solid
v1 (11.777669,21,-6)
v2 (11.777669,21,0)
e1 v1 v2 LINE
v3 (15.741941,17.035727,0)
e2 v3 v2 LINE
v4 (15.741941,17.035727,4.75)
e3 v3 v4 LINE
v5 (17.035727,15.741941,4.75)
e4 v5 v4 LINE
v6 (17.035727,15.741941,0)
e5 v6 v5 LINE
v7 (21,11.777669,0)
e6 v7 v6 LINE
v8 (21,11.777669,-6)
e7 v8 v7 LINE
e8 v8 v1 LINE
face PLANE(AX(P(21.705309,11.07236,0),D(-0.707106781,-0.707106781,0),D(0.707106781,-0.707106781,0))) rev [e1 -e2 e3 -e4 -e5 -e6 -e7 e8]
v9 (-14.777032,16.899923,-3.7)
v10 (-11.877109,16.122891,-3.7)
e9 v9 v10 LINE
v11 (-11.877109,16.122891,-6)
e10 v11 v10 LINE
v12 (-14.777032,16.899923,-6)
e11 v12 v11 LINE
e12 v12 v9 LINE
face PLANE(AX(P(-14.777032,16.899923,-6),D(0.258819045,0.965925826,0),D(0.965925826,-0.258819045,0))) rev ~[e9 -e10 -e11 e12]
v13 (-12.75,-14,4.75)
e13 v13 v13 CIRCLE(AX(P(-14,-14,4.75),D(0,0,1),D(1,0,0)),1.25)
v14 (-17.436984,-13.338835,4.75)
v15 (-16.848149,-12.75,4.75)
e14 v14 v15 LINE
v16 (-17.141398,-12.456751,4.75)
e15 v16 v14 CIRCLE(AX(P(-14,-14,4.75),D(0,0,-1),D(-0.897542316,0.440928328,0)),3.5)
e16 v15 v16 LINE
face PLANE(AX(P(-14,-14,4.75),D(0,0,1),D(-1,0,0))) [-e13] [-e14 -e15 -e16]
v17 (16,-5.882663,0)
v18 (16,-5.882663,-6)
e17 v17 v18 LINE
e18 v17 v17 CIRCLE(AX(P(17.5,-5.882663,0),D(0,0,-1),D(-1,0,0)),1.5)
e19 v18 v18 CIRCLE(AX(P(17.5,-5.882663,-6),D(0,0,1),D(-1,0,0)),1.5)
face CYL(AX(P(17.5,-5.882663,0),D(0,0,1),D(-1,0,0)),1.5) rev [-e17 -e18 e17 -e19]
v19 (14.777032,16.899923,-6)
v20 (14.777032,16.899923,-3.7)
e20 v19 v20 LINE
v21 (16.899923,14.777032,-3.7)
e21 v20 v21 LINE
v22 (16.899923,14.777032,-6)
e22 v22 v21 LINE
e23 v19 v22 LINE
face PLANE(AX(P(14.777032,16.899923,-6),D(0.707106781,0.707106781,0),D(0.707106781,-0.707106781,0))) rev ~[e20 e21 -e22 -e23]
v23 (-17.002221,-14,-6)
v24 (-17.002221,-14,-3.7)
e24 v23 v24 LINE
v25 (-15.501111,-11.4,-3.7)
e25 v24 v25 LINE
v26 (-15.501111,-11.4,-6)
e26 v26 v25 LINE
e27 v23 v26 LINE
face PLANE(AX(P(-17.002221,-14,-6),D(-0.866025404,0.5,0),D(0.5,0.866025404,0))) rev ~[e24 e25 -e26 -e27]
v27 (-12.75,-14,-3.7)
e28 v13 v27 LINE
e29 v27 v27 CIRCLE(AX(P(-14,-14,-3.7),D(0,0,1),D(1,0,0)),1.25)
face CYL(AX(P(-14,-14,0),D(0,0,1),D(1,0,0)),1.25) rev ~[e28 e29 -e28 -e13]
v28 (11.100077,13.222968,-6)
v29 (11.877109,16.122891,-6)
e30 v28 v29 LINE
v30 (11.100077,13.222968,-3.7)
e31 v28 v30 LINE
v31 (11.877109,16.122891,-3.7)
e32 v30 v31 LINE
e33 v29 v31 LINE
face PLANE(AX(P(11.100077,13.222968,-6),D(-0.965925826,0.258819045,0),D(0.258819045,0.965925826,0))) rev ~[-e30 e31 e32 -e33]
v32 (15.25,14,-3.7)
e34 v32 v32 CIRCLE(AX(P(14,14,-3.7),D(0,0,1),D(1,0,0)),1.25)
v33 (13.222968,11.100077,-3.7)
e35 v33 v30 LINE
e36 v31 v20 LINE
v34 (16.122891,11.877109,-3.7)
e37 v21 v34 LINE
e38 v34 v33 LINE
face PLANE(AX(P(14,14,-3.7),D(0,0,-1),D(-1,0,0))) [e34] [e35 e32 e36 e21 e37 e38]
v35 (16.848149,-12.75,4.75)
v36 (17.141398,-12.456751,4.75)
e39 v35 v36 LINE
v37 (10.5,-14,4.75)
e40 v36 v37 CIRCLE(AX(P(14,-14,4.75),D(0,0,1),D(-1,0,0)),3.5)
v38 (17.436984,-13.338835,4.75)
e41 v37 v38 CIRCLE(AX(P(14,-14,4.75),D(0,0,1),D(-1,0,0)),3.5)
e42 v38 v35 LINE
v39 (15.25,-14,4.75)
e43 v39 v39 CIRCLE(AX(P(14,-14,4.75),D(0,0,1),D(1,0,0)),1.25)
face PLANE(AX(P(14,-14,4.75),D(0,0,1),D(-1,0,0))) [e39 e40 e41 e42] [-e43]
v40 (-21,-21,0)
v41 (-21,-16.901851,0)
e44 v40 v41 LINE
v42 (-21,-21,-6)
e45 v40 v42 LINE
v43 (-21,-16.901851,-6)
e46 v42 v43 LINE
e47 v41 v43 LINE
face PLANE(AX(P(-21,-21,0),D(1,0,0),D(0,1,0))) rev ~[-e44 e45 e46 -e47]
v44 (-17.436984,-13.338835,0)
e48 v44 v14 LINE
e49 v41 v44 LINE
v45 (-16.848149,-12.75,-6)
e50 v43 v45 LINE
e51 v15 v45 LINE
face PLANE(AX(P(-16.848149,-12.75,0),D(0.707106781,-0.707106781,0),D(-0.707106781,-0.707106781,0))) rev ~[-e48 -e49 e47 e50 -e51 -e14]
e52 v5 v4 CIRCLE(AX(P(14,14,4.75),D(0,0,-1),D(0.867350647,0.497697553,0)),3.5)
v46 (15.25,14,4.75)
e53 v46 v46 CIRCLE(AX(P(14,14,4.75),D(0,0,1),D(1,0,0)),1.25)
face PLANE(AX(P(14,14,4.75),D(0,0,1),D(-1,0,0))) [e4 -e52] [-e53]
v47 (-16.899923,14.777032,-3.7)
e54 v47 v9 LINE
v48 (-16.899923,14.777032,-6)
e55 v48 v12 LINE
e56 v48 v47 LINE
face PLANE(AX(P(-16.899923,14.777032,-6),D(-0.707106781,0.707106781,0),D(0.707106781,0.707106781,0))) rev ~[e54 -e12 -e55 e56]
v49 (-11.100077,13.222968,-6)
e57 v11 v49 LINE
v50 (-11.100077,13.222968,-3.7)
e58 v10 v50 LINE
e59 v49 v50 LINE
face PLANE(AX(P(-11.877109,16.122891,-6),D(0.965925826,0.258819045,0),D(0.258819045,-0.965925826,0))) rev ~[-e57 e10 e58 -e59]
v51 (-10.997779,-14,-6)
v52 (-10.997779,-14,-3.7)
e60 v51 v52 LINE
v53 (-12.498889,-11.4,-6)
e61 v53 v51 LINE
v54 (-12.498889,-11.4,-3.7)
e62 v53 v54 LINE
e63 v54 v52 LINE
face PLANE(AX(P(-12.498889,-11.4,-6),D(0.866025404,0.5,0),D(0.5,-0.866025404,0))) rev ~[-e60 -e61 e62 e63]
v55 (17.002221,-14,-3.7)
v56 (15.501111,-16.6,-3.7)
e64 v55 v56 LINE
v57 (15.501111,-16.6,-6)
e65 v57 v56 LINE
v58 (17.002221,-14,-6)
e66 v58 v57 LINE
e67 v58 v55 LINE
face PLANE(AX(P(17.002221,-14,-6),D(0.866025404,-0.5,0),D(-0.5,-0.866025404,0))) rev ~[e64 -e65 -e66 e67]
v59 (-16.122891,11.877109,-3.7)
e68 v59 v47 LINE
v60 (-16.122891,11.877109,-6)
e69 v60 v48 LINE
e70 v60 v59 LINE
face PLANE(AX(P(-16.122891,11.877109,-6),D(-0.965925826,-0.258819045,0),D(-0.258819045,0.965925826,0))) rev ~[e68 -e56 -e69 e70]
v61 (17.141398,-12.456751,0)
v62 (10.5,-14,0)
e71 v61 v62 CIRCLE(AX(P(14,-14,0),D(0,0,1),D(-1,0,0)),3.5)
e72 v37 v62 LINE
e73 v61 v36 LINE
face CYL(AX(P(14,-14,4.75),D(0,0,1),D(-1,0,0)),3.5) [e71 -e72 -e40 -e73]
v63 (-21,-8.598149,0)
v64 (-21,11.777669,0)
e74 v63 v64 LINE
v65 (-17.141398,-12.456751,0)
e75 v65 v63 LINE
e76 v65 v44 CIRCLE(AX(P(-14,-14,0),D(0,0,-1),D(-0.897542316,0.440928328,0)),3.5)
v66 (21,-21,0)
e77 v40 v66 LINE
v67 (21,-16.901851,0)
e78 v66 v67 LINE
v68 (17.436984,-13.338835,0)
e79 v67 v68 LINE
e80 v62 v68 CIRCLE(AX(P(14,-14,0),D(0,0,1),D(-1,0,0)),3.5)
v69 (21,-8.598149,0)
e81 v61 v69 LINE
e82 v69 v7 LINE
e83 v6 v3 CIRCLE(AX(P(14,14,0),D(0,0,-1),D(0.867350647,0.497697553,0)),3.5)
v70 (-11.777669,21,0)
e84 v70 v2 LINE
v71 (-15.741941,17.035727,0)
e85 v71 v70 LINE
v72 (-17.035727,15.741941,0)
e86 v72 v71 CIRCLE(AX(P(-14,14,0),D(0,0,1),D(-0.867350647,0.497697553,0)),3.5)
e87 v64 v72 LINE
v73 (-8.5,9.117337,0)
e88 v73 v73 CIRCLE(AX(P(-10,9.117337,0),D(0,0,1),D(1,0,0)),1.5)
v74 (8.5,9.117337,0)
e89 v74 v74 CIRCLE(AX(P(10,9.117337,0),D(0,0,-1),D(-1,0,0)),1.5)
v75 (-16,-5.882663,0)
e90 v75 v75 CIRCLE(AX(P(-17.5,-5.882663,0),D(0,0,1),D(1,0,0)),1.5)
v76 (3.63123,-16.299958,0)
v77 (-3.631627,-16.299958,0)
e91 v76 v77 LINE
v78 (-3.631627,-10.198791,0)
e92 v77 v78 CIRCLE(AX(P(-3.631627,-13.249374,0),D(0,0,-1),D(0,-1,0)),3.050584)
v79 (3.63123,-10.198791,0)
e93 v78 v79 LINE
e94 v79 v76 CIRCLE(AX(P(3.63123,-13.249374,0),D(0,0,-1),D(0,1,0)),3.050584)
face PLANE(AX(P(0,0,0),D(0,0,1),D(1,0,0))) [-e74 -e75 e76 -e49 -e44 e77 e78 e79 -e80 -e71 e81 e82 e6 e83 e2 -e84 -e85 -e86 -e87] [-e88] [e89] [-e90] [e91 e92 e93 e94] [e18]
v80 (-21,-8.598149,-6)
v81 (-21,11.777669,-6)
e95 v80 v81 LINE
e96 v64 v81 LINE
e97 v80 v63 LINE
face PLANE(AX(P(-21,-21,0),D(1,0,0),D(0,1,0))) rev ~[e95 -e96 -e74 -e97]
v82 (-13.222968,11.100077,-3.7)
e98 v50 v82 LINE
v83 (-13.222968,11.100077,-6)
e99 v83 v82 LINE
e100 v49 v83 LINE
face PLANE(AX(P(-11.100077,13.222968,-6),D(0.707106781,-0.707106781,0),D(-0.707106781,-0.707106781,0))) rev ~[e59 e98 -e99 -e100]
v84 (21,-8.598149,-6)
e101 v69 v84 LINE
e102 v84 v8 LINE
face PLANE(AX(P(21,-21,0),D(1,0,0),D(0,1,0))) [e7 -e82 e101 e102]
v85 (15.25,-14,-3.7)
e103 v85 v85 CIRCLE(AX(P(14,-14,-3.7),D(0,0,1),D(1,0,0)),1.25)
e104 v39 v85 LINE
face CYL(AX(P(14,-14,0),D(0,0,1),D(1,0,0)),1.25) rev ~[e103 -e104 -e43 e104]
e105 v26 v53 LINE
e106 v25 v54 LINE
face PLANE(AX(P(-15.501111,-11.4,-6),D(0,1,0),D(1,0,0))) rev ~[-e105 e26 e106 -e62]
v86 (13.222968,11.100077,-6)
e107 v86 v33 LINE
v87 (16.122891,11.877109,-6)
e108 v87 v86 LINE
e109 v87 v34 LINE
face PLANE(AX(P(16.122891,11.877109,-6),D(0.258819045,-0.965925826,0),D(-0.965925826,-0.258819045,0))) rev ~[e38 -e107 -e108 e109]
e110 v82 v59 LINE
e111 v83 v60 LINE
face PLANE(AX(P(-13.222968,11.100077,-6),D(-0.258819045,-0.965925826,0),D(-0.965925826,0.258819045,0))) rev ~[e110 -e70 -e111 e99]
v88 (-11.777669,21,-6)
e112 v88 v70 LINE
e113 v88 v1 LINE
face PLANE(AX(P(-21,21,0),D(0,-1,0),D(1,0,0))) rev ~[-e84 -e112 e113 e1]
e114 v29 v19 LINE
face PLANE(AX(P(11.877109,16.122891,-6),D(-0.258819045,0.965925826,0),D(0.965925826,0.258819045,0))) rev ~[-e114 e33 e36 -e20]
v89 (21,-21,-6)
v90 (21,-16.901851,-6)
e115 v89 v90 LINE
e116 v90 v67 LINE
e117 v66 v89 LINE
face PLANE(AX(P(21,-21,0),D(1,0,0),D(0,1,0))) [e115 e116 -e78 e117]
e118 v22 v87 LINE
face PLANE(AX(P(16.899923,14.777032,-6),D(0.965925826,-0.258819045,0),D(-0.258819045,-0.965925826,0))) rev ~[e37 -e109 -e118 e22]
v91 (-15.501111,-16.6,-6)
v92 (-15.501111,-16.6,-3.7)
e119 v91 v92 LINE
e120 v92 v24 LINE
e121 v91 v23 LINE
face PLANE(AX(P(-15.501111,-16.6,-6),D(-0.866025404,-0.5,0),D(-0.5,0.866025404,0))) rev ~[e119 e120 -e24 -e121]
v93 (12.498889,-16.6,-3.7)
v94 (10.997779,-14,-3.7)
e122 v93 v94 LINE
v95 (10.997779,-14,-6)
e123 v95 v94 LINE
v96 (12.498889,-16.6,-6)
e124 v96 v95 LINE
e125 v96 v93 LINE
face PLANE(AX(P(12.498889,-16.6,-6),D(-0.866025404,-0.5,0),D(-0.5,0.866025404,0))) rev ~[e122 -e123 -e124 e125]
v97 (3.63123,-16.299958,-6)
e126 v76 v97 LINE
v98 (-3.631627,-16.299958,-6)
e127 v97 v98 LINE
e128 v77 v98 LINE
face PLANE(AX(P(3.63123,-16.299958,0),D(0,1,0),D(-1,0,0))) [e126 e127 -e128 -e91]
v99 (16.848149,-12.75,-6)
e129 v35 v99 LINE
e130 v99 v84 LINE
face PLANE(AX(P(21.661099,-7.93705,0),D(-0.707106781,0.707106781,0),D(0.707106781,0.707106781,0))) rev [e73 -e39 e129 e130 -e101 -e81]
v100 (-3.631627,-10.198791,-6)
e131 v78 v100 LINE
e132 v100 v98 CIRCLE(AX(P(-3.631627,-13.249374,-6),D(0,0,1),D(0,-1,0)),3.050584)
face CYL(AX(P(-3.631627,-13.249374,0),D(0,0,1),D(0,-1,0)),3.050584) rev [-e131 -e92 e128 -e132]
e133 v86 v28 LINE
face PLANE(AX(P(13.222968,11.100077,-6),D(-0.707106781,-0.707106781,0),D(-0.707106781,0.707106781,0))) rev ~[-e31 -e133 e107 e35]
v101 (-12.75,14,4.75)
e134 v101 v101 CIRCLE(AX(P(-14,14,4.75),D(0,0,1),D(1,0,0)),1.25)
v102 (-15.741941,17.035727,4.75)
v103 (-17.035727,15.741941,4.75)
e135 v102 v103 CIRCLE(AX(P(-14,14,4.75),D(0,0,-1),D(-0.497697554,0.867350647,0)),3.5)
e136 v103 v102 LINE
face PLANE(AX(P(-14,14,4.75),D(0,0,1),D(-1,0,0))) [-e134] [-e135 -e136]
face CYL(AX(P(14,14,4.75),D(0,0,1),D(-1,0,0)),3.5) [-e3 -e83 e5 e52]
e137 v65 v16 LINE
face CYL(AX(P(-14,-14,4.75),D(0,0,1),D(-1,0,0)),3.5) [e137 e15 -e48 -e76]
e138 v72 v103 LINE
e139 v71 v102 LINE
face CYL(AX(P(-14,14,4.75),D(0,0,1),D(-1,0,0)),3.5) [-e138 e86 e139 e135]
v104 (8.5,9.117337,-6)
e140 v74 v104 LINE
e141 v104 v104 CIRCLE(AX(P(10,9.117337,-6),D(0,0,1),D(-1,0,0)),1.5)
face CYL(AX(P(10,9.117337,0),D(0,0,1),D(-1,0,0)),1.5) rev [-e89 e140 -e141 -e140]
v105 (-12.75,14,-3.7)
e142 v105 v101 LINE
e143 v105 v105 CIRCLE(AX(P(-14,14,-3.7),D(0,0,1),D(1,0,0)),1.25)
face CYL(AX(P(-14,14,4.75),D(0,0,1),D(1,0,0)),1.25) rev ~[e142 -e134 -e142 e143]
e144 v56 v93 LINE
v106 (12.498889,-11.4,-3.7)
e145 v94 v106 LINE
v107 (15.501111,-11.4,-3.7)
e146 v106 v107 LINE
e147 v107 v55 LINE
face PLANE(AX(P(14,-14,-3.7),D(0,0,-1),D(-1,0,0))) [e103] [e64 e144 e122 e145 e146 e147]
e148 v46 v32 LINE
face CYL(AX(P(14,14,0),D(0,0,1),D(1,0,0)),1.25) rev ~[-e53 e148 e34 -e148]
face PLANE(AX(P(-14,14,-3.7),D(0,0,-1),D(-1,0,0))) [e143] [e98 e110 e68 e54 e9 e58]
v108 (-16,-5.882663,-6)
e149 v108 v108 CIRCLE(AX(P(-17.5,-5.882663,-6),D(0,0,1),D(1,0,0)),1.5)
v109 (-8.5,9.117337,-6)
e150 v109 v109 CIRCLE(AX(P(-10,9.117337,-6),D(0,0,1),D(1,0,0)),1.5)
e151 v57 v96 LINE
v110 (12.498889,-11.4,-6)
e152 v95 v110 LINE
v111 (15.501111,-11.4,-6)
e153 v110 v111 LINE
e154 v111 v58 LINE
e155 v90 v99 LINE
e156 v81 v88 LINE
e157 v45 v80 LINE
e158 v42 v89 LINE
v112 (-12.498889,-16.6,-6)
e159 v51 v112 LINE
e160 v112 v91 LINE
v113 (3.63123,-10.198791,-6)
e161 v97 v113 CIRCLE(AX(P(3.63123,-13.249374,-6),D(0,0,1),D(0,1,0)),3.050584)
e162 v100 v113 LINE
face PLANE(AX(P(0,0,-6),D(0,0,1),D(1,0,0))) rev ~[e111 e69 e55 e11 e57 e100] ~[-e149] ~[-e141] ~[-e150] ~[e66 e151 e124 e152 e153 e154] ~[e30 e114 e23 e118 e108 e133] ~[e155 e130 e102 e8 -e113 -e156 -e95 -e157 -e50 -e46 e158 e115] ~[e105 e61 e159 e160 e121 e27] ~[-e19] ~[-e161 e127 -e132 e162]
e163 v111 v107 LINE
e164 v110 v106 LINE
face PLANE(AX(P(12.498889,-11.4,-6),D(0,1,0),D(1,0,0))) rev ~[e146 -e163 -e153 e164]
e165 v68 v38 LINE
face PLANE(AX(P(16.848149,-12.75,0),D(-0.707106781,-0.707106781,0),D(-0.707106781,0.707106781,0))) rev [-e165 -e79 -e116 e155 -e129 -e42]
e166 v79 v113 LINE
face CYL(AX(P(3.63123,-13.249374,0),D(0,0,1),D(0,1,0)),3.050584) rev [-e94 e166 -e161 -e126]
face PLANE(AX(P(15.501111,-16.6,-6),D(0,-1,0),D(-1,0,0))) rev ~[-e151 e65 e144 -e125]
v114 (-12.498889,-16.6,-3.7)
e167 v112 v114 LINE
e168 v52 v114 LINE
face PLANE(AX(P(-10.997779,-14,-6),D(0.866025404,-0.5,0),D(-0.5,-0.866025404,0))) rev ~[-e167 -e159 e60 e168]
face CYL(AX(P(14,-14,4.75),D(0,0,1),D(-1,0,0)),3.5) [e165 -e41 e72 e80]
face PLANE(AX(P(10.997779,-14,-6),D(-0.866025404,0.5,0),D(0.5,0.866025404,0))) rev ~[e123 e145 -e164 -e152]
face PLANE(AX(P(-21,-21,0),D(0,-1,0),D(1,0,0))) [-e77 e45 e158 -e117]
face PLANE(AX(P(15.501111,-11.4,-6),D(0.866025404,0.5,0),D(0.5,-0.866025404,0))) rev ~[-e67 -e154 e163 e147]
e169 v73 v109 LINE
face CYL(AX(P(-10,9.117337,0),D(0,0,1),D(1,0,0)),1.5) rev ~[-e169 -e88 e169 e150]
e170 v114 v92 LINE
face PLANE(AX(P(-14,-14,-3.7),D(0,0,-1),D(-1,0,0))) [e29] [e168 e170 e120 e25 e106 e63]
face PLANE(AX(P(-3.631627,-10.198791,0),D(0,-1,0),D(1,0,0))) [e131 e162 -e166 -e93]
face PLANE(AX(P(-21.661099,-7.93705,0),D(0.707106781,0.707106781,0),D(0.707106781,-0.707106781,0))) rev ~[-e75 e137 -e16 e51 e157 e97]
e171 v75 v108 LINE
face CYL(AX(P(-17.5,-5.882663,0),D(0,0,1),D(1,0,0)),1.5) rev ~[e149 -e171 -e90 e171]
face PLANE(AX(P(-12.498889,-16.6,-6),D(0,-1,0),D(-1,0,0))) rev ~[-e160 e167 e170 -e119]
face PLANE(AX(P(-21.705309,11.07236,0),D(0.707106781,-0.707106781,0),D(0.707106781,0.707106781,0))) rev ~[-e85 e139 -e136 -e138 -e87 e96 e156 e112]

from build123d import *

# Parameters (mm, degrees)
SKETCH1_W           = 42
SKETCH1_H           = 42
SKETCH1_R           = 1.25
BOSS_EXTRUDE1_DEPTH = 6
CUT_EXTRUDE1_DEPTH  = 31.298514815
BOSS_EXTRUDE2_START = 4.75
SKETCH3_R           = 3.5
SKETCH3_R_2         = 1.25
BOSS_EXTRUDE2_DEPTH = 4.75
SKETCH4_R           = 1.5
CUT_EXTRUDE2_DEPTH  = 31.298514815
CUT_EXTRUDE3_DEPTH  = 2.3


with BuildPart() as part:
    # Sketch1 → Boss-Extrude1 (new body)
    with BuildSketch(Plane.XY):
        Rectangle(SKETCH1_W, SKETCH1_H)
        with Locations((-14, 14)):
            Circle(SKETCH1_R, mode=Mode.SUBTRACT)
        with Locations((14, 14)):
            Circle(SKETCH1_R, mode=Mode.SUBTRACT)
        with Locations((14, -14)):
            Circle(SKETCH1_R, mode=Mode.SUBTRACT)
        with Locations((-14, -14)):
            Circle(SKETCH1_R, mode=Mode.SUBTRACT)
    extrude(amount=-BOSS_EXTRUDE1_DEPTH)

    # Sketch2 → Cut-Extrude1 (cut, through all)
    with BuildSketch(Plane.XY):
        with BuildLine():
            Line((-3.631627179, -10.198790609), (3.631230455, -10.198790609))
            ThreePointArc((3.631230455, -10.198790609), (6.681814195, -13.249374349), (3.631230455, -16.29995809))
            Line((3.631230455, -16.29995809), (-3.631627179, -16.29995809))
            ThreePointArc((-3.631627179, -16.29995809), (-6.68221092, -13.249374349), (-3.631627179, -10.198790609))
        make_face()
    extrude(amount=-CUT_EXTRUDE1_DEPTH, mode=Mode.SUBTRACT)

    # Sketch3 → Boss-Extrude2 (add)
    # profile 1 of 4: a face of its own
    with BuildSketch(Plane.XY.offset(BOSS_EXTRUDE2_START)):
        with Locations(Location((-14, 14, 0), (0, 0, 180))):
            Circle(SKETCH3_R)
        with Locations((-14, 14)):
            Circle(SKETCH3_R_2, mode=Mode.SUBTRACT)
    # profile 2 of 4: a face of its own
    with BuildSketch(Plane.XY.offset(BOSS_EXTRUDE2_START)):
        with Locations(Location((14, 14, 0), (0, 0, 180))):
            Circle(SKETCH3_R)
        with Locations((14, 14)):
            Circle(SKETCH3_R_2, mode=Mode.SUBTRACT)
    # profile 3 of 4: a face of its own
    with BuildSketch(Plane.XY.offset(BOSS_EXTRUDE2_START)):
        with Locations(Location((-14, -14, 0), (0, 0, 180))):
            Circle(SKETCH3_R)
        with Locations((-14, -14)):
            Circle(SKETCH3_R_2, mode=Mode.SUBTRACT)
    # profile 4 of 4: a face of its own
    with BuildSketch(Plane.XY.offset(BOSS_EXTRUDE2_START)):
        with Locations(Location((14, -14, 0), (0, 0, 180))):
            Circle(SKETCH3_R)
        with Locations((14, -14)):
            Circle(SKETCH3_R_2, mode=Mode.SUBTRACT)
    extrude(amount=-BOSS_EXTRUDE2_DEPTH)

    # Sketch4 → Cut-Extrude2 (cut, symmetric)
    with BuildSketch(Plane.XY):
        with Locations((-17.5, -5.882662859)):
            Circle(SKETCH4_R)
        with Locations((-10, 9.117337141)):
            Circle(SKETCH4_R)
        Polygon((-21.661099187, -7.93704977), (-16.848148957, -12.75), (-21.661099187, -17.56295023), align=None)
        Polygon((-21.705309187, 11.072359515), (-11.305917145, 21.471751558), (-21.705309187, 21.471751558), align=None)
    cut_extrude2 = extrude(amount=CUT_EXTRUDE2_DEPTH, both=True, mode=Mode.SUBTRACT)

    # Mirror1: Cut-Extrude2 across plane
    add(cut_extrude2.mirror(Plane(origin=(0, 0, 0), x_dir=(0, 0, 1), z_dir=(1, 0, 0))), mode=Mode.SUBTRACT)

    # Sketch5 → Cut-Extrude3 (cut)
    with BuildSketch(Plane(origin=(0, 0, -6), x_dir=(-1, 0, 0), z_dir=(0, 0, -1))):
        Polygon((-13.222967924, 11.100076814), (-11.100076814, 13.222967924), (-11.87710889, 16.12289111), (-14.777032076, 16.899923186), (-16.899923186, 14.777032076), (-16.12289111, 11.87710889), align=None)
        Polygon((13.222967924, 11.100076814), (16.12289111, 11.87710889), (16.899923186, 14.777032076), (14.777032076, 16.899923186), (11.87710889, 16.12289111), (11.100076814, 13.222967924), align=None)
        Polygon((15.5011107, -16.6), (17.0022214, -14), (15.5011107, -11.4), (12.4988893, -11.4), (10.9977786, -14), (12.4988893, -16.6), align=None)
        Polygon((-15.5011107, -16.6), (-12.4988893, -16.6), (-10.9977786, -14), (-12.4988893, -11.4), (-15.5011107, -11.4), (-17.0022214, -14), align=None)
    extrude(amount=-CUT_EXTRUDE3_DEPTH, mode=Mode.SUBTRACT)


solid = part.part
